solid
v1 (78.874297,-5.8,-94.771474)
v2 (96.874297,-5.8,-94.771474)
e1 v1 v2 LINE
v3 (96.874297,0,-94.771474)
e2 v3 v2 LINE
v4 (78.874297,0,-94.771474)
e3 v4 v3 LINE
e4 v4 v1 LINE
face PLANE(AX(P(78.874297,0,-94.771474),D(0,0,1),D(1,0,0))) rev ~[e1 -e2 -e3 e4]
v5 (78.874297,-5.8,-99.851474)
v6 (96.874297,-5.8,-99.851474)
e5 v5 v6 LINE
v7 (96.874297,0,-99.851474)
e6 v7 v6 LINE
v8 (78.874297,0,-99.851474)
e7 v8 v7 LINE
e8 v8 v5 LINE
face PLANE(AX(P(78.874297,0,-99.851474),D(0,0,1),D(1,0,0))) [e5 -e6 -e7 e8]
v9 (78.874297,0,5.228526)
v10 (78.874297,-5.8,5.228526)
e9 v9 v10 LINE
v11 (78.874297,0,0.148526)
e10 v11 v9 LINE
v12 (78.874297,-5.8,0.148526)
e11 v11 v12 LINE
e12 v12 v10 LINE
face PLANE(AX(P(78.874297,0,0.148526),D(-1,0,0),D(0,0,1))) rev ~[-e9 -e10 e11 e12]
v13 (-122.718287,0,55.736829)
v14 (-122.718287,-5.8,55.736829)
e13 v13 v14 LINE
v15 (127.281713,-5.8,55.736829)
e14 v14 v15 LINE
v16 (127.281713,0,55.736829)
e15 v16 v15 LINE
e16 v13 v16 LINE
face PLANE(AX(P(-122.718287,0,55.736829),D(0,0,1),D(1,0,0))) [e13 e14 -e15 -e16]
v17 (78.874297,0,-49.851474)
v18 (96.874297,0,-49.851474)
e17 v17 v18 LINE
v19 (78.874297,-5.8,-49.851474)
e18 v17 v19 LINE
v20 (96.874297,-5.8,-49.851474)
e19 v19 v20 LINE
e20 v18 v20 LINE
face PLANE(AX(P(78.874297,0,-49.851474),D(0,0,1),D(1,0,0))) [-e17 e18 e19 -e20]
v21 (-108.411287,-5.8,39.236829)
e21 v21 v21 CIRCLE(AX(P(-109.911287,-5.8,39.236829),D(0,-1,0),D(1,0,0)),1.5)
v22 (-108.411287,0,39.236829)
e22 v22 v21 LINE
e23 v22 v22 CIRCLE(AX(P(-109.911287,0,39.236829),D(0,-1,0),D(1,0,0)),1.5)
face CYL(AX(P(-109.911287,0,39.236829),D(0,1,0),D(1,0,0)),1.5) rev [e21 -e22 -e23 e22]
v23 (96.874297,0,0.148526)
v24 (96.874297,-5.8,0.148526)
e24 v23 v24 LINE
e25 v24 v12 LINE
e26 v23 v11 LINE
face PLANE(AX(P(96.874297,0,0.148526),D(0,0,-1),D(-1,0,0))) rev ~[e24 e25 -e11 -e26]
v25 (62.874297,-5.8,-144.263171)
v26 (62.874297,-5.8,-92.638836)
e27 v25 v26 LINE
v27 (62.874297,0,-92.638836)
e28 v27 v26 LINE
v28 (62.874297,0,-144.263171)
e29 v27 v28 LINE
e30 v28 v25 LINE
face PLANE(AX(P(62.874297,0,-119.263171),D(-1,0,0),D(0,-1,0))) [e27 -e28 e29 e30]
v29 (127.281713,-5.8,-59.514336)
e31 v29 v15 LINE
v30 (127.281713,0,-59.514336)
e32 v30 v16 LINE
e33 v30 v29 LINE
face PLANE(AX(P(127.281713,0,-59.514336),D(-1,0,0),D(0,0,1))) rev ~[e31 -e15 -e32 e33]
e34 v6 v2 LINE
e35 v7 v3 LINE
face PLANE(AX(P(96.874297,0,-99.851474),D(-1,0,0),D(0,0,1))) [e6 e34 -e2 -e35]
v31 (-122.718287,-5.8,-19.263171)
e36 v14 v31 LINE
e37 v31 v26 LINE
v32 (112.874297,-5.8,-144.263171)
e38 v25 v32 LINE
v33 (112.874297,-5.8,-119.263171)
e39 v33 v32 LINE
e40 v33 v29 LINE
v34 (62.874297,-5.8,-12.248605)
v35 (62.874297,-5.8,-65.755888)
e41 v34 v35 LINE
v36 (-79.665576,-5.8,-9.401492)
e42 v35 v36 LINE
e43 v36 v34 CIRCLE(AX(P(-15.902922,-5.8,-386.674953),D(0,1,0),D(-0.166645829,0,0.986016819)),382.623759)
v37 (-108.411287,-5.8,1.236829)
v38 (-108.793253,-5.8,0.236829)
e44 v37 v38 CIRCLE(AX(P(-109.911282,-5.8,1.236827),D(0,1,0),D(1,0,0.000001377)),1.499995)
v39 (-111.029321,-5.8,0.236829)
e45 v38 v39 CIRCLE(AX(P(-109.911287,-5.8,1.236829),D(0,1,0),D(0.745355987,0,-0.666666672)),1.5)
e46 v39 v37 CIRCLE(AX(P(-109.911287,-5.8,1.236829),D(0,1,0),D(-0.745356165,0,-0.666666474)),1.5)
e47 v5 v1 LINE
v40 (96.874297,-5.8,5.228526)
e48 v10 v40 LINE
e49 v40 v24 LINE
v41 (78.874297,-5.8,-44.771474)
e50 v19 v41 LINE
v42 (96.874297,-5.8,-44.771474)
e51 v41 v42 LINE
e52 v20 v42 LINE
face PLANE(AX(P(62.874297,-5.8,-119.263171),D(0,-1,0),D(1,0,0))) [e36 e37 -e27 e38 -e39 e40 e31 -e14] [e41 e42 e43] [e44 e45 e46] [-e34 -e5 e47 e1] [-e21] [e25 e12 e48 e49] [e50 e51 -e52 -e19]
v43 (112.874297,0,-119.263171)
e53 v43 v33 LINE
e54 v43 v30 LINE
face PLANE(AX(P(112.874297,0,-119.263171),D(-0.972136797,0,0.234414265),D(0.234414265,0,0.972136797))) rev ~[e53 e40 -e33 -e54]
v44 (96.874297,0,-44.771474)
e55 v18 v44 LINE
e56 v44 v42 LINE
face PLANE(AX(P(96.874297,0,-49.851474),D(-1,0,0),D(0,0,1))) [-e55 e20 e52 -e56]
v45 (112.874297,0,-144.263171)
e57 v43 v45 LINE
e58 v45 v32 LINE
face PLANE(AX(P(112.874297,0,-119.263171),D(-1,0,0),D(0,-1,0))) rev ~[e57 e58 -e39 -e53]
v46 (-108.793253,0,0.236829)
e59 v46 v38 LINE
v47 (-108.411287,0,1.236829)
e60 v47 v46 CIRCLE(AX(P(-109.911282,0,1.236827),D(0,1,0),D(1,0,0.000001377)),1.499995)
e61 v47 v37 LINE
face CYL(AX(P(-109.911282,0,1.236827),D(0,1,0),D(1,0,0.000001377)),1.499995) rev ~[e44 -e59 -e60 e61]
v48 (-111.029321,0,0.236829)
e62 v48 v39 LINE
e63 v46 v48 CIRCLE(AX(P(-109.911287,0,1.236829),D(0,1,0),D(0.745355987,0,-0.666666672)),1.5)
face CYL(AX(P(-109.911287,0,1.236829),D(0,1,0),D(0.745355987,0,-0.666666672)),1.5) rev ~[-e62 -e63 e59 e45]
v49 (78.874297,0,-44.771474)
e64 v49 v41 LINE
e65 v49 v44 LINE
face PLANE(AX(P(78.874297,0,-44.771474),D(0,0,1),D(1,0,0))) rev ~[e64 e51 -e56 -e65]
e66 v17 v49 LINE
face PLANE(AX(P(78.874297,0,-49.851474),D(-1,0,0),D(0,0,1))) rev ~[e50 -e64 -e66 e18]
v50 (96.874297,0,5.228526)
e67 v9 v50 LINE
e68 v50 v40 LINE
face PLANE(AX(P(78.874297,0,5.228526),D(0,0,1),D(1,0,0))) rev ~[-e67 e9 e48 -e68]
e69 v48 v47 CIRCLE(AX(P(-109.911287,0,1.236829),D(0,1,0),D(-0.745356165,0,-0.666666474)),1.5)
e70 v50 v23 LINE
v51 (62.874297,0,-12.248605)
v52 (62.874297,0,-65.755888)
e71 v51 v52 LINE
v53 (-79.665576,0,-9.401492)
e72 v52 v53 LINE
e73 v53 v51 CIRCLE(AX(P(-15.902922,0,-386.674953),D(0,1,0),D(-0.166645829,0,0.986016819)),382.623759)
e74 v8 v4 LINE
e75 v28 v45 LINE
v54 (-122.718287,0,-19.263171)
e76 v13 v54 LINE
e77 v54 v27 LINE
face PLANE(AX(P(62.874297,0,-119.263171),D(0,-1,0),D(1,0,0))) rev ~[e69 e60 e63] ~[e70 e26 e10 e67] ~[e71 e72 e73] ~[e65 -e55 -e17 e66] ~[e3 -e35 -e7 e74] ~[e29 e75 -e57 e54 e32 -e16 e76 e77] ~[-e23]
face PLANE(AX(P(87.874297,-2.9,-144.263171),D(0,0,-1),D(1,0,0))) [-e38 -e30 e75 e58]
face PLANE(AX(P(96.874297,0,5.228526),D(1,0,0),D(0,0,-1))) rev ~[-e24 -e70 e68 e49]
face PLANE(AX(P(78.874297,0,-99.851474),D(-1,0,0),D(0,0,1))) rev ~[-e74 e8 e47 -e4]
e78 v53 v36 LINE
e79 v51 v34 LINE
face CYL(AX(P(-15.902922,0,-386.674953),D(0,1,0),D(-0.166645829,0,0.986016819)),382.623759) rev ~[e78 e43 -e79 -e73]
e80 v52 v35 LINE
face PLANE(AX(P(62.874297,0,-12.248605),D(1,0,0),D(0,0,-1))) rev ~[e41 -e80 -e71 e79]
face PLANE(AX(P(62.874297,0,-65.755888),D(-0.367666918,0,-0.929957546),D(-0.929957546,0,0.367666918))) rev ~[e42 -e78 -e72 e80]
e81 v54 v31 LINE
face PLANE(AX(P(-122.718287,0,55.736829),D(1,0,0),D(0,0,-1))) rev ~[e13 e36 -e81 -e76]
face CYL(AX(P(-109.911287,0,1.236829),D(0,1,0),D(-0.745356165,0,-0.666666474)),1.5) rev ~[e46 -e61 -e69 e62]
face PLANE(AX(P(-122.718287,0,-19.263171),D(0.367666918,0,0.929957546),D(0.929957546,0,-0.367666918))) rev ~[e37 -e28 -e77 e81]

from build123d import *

# Parameters (mm, degrees)
F0_W      = 250
F0_H      = 10.25
F0_H_2    = 35
F0_R      = 1.5
F0_W_2    = 18
F0_H_3    = 5.08
F1_DEPTH  = 5.8
F1_FACE_W = 50
F1_FACE_H = 5.8
F2_DEPTH  = 25


with BuildPart() as f1:
    # F0 (on Front) → F1 (new body)
    with BuildSketch(Plane.XZ):
        with Locations((2.281713, 50.611829)):
            Rectangle(F0_W, F0_H)
        with Locations((2.281713, 27.986829)):
            Rectangle(F0_W, F0_H_2)
        with Locations((-109.911287, 39.236829)):
            Circle(F0_R, mode=Mode.SUBTRACT)
        with BuildLine():
            Line((127.281713, 0.236829), (127.281713, 10.486829))
            Line((127.281713, 10.486829), (-122.718287, 10.486829))
            Line((-122.718287, 10.486829), (-122.718287, 0.236829))
            Line((-122.718287, 0.236829), (-111.029321, 0.236829))
            ThreePointArc((-111.029321, 0.236829), (-110.44652, 2.638087), (-108.411287, 1.236829))
            ThreePointArc((-108.411287, 1.236829), (-108.510028, 0.701596), (-108.793253, 0.236829))
            Line((-108.793253, 0.236829), (78.874297, 0.236829))
            Line((78.874297, 0.236829), (78.874297, 5.228526))
            Line((78.874297, 5.228526), (96.874297, 5.228526))
            Line((96.874297, 5.228526), (96.874297, 0.236829))
            Line((96.874297, 0.236829), (127.281713, 0.236829))
        make_face()
        with BuildLine():
            Line((127.281713, -59.514336), (127.281713, 0.236829))
            Line((127.281713, 0.236829), (96.874297, 0.236829))
            Line((96.874297, 0.236829), (96.874297, 0.148526))
            Line((96.874297, 0.148526), (78.874297, 0.148526))
            Line((78.874297, 0.148526), (78.874297, 0.236829))
            Line((78.874297, 0.236829), (-108.793253, 0.236829))
            ThreePointArc((-108.793253, 0.236829), (-109.911287, -0.263171), (-111.029321, 0.236829))
            Line((-111.029321, 0.236829), (-122.718287, 0.236829))
            Line((-122.718287, 0.236829), (-122.718287, -19.263171))
            ThreePointArc((-122.718287, -19.263171), (-101.334346, -13.710596), (-79.665576, -9.401492))
            ThreePointArc((-79.665576, -9.401492), (-8.261862, -4.127499), (62.874297, -12.248605))
            Line((62.874297, -12.248605), (62.874297, -65.755888))
            Line((62.874297, -65.755888), (62.874297, -92.638836))
            Line((62.874297, -92.638836), (62.874297, -119.263171))
            Line((62.874297, -119.263171), (112.874297, -119.263171))
            Line((112.874297, -119.263171), (127.281713, -59.514336))
        make_face()
        with Locations((87.874297, -97.311474)):
            Rectangle(F0_W_2, F0_H_3, mode=Mode.SUBTRACT)
        with Locations((87.874297, -47.311474)):
            Rectangle(F0_W_2, F0_H_3, mode=Mode.SUBTRACT)
        with BuildLine():
            ThreePointArc((-79.665576, -9.401492), (-101.334346, -13.710596), (-122.718287, -19.263171))
            Line((-122.718287, -19.263171), (62.874297, -92.638836))
            Line((62.874297, -92.638836), (62.874297, -65.755888))
            Line((62.874297, -65.755888), (-79.665576, -9.401492))
        make_face()
    extrude(amount=F1_DEPTH)

    # F1_face (on face) → F2 (join)
    with BuildSketch(Plane(origin=(87.874297, -2.9, -119.263171), x_dir=(1, 0, 0), z_dir=(0, 0, -1))):
        Rectangle(F1_FACE_W, F1_FACE_H)
    extrude(amount=F2_DEPTH)


solid = f1.part
